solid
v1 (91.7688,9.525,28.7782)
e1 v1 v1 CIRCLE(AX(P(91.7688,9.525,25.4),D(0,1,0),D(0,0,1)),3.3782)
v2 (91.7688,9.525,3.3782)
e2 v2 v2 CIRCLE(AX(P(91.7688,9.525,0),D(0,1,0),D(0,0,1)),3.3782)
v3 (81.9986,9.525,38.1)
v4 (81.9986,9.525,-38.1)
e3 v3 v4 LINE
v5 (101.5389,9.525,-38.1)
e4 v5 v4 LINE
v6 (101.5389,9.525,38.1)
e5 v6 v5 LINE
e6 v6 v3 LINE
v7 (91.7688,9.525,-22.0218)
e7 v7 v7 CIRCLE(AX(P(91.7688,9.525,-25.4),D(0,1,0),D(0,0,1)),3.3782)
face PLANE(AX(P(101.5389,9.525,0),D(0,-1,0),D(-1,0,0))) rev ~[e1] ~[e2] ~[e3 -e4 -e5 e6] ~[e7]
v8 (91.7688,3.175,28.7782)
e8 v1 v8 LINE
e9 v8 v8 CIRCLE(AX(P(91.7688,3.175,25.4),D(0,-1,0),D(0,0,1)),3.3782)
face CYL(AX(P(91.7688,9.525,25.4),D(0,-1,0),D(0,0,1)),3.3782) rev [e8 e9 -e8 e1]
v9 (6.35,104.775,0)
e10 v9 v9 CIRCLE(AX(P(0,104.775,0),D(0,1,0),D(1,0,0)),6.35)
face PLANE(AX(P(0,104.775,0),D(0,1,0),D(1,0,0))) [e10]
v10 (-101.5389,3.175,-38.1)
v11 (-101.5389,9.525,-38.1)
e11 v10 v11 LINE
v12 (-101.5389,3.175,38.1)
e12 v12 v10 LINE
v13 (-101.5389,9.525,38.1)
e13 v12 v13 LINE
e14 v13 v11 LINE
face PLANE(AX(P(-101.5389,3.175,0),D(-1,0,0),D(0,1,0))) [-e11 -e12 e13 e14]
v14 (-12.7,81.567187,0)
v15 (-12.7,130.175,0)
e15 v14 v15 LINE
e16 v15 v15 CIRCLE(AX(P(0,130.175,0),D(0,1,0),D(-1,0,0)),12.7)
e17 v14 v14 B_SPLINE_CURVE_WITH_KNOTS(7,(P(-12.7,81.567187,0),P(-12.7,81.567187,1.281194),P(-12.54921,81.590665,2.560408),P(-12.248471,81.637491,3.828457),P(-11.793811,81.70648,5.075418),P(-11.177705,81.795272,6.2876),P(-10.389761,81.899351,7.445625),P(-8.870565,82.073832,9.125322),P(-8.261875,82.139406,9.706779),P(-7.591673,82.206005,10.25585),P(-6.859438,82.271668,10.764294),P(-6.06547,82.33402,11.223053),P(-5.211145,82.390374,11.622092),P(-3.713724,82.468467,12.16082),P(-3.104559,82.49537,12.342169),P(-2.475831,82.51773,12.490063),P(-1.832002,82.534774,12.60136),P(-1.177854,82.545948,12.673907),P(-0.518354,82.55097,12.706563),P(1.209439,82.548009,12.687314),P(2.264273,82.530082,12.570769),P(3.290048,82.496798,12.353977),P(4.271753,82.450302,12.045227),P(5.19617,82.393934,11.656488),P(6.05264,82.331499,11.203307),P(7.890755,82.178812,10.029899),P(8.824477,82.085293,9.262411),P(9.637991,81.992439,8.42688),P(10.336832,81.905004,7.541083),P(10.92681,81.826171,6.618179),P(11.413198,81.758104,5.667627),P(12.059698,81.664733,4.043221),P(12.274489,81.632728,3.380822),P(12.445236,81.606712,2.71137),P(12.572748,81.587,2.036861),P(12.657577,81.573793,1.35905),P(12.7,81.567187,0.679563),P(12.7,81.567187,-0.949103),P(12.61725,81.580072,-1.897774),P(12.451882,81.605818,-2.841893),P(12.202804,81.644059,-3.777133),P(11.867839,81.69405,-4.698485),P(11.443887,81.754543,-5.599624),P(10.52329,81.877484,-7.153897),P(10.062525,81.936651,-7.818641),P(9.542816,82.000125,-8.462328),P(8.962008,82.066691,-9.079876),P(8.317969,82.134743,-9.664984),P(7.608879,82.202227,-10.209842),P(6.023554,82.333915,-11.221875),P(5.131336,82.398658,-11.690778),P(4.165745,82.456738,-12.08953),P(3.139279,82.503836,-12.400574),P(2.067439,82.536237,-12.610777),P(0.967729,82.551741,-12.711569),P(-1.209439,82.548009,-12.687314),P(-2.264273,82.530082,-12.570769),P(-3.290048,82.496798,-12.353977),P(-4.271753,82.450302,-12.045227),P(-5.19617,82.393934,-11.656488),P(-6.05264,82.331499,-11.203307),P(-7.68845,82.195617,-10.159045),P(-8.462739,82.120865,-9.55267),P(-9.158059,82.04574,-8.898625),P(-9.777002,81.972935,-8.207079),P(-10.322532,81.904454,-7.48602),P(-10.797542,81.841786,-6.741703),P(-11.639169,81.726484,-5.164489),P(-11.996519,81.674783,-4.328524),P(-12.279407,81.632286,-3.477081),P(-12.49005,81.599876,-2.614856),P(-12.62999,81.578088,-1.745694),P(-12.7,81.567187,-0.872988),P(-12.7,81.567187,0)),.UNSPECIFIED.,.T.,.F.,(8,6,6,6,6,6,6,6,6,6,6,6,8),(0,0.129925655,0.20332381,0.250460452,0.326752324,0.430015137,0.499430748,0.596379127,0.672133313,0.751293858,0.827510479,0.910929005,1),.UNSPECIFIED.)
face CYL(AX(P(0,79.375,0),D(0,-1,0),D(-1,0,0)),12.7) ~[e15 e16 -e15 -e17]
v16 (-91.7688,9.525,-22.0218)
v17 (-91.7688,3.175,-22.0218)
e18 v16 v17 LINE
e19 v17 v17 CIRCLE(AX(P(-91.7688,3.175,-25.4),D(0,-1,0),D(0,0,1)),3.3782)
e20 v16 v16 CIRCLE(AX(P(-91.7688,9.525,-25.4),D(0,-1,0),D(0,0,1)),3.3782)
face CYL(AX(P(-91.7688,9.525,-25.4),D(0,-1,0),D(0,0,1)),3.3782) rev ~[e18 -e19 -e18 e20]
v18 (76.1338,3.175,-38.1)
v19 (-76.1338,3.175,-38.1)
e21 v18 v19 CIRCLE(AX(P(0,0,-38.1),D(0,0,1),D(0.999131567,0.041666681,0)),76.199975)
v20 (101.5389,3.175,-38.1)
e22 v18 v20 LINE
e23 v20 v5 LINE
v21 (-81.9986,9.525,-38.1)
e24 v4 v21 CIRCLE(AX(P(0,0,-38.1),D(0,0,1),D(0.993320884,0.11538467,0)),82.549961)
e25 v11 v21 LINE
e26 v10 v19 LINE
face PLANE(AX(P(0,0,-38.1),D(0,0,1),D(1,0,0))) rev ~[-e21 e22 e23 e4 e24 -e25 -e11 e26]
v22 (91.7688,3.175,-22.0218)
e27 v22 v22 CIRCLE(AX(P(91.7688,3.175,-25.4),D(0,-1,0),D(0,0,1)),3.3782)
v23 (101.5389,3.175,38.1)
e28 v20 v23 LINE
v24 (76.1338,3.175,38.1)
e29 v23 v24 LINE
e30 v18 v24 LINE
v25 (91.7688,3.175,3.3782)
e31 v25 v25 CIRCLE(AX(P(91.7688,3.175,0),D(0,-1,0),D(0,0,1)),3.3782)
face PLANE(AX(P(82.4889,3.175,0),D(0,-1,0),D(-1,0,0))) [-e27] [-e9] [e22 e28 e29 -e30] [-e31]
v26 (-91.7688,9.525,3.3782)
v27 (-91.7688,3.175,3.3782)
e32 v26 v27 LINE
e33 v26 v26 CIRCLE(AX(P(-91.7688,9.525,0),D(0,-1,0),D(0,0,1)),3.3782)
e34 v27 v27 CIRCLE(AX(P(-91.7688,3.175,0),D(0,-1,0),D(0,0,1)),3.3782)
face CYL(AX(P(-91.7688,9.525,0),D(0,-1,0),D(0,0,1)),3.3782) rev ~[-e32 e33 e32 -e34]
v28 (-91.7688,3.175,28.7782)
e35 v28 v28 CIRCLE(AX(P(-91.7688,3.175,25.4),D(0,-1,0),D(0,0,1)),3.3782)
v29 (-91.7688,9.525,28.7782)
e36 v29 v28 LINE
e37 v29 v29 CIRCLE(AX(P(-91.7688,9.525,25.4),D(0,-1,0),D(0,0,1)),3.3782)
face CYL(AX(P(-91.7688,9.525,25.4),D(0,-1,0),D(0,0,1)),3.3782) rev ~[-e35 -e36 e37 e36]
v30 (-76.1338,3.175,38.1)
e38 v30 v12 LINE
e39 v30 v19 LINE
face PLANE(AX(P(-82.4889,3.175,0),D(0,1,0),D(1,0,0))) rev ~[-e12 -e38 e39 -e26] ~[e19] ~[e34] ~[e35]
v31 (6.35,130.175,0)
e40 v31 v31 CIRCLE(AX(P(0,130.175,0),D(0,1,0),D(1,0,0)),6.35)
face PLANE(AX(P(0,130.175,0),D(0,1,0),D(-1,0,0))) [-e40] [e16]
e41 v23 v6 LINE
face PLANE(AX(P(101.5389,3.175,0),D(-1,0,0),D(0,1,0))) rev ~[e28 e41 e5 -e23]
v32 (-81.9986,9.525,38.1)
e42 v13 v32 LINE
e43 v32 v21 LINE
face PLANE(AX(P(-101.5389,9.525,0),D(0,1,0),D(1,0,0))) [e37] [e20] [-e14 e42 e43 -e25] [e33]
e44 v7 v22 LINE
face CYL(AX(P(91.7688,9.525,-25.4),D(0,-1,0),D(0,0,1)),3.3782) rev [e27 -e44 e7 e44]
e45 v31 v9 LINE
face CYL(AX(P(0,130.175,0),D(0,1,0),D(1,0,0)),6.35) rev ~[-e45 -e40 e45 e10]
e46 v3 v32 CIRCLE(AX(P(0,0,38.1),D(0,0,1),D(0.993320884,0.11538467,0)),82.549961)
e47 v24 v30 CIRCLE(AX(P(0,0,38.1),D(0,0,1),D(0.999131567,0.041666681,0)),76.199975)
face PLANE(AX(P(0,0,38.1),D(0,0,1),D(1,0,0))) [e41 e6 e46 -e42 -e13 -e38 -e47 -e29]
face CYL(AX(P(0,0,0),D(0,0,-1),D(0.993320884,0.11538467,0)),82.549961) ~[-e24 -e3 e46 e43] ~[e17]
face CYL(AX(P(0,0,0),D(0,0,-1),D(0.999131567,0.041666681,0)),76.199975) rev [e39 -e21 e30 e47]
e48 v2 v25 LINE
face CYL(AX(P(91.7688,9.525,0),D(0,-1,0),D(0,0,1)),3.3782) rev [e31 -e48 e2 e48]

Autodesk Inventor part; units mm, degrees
ref_plane "YZ Plane" through (0, 0, 0) normal (1, 0, 0) x (0, 1, 0)
ref_plane "XY Plane" through (0, 0, 0) normal (0, 0, 1) x (1, 0, 0)
sketch "Sketch8" plane through (0, 0, 0) normal (0, 0, 1) x (1, 0, 0)
  arc A0 (76.1338, 3.175) -> (-76.1338, 3.175) centre (0, 0) ccw
  arc A1 (81.9986, 9.525) -> (-81.9986, 9.525) centre (0, 0) ccw
  line L0 (-82.4889, 3.175) -> (-101.5389, 3.175)
  line L1 (-101.5389, 3.175) -> (-101.5389, 9.525)
  line L2 (-101.5389, 9.525) -> (-81.9986, 9.525)
  line L3 (0, 0) -> (0, 82.55) construction
  line L4 (-82.4889, 3.175) -> (-76.1338, 3.175)
  line L5 (82.4889, 3.175) -> (101.5389, 3.175)
  line L6 (101.5389, 3.175) -> (101.5389, 9.525)
  line L7 (101.5389, 9.525) -> (81.9986, 9.525)
  line L8 (82.4889, 3.175) -> (76.1338, 3.175)
  dimension "d52" = 152.4
  dimension "d53" = 6.35
  dimension "d54" = 19.05
  dimension "d55" = 3.175
  dimension "d56" = 6.35
extrude "Extrusion5" add sketch "Sketch8" along normal mid plane 76.2
sketch "Sketch9" plane through (-101.5389, 9.525, 38.1) normal (0, 1, 0) x (1, 0, 0)
  line L0 (19.5403, 0) -> (0, 0) construction
  line L1 (9.7701, 0) -> (9.7701, 76.2) construction
  line L2 (25.4051, 76.2) -> (0, 76.2) construction
  line L3 (9.7701, 25.4) -> (9.7701, 101.6) construction
  line L4 (9.7701, 50.8) -> (9.7701, 127) construction
  point P0 (101.5389, 38.1)
  point P1 (9.7701, 12.7)
  point P2 (9.7701, 38.1)
  point P3 (9.7701, 63.5)
  dimension "d59" = 12.7
  dimension "d62" = 25.4
hole "Hole3" at (-91.7688, 9.525, 25.4) at (-91.7688, 9.525, 0) at (-91.7688, 9.525, -25.4) direction (0, -1, 0) diameter 6.7564 end through all clearance for "Socket Head Cap Screw" size "1/4" standard "Ansi Unified Screw Threads"
mirror "Mirror3" about plane through (0, 0, 0) normal (1, 0, 0) of "Hole3"
ref_plane "Work Plane7" through (0, 79.375, 0) normal (0, 1, 0) x (-1, 0, 0)
sketch "Sketch20" plane through (0, 79.375, 0) normal (0, 1, 0) x (-1, 0, 0)
  circle A0 centre (0, 0) radius 12.7
  dimension "d101" = 25.4
extrude "Extrusion11" add sketch "Sketch20" along normal blind 50.8
sketch "Sketch22" plane through (0, 130.175, 0) normal (0, 1, 0) x (1, 0, 0)
  circle A0 centre (0, 0) radius 6.35
  dimension "d111" = 12.7
extrude "Extrusion13" cut sketch "Sketch22" against normal blind 25.4
properties part number "tubeBracketV02" material "ABS Plastic"
